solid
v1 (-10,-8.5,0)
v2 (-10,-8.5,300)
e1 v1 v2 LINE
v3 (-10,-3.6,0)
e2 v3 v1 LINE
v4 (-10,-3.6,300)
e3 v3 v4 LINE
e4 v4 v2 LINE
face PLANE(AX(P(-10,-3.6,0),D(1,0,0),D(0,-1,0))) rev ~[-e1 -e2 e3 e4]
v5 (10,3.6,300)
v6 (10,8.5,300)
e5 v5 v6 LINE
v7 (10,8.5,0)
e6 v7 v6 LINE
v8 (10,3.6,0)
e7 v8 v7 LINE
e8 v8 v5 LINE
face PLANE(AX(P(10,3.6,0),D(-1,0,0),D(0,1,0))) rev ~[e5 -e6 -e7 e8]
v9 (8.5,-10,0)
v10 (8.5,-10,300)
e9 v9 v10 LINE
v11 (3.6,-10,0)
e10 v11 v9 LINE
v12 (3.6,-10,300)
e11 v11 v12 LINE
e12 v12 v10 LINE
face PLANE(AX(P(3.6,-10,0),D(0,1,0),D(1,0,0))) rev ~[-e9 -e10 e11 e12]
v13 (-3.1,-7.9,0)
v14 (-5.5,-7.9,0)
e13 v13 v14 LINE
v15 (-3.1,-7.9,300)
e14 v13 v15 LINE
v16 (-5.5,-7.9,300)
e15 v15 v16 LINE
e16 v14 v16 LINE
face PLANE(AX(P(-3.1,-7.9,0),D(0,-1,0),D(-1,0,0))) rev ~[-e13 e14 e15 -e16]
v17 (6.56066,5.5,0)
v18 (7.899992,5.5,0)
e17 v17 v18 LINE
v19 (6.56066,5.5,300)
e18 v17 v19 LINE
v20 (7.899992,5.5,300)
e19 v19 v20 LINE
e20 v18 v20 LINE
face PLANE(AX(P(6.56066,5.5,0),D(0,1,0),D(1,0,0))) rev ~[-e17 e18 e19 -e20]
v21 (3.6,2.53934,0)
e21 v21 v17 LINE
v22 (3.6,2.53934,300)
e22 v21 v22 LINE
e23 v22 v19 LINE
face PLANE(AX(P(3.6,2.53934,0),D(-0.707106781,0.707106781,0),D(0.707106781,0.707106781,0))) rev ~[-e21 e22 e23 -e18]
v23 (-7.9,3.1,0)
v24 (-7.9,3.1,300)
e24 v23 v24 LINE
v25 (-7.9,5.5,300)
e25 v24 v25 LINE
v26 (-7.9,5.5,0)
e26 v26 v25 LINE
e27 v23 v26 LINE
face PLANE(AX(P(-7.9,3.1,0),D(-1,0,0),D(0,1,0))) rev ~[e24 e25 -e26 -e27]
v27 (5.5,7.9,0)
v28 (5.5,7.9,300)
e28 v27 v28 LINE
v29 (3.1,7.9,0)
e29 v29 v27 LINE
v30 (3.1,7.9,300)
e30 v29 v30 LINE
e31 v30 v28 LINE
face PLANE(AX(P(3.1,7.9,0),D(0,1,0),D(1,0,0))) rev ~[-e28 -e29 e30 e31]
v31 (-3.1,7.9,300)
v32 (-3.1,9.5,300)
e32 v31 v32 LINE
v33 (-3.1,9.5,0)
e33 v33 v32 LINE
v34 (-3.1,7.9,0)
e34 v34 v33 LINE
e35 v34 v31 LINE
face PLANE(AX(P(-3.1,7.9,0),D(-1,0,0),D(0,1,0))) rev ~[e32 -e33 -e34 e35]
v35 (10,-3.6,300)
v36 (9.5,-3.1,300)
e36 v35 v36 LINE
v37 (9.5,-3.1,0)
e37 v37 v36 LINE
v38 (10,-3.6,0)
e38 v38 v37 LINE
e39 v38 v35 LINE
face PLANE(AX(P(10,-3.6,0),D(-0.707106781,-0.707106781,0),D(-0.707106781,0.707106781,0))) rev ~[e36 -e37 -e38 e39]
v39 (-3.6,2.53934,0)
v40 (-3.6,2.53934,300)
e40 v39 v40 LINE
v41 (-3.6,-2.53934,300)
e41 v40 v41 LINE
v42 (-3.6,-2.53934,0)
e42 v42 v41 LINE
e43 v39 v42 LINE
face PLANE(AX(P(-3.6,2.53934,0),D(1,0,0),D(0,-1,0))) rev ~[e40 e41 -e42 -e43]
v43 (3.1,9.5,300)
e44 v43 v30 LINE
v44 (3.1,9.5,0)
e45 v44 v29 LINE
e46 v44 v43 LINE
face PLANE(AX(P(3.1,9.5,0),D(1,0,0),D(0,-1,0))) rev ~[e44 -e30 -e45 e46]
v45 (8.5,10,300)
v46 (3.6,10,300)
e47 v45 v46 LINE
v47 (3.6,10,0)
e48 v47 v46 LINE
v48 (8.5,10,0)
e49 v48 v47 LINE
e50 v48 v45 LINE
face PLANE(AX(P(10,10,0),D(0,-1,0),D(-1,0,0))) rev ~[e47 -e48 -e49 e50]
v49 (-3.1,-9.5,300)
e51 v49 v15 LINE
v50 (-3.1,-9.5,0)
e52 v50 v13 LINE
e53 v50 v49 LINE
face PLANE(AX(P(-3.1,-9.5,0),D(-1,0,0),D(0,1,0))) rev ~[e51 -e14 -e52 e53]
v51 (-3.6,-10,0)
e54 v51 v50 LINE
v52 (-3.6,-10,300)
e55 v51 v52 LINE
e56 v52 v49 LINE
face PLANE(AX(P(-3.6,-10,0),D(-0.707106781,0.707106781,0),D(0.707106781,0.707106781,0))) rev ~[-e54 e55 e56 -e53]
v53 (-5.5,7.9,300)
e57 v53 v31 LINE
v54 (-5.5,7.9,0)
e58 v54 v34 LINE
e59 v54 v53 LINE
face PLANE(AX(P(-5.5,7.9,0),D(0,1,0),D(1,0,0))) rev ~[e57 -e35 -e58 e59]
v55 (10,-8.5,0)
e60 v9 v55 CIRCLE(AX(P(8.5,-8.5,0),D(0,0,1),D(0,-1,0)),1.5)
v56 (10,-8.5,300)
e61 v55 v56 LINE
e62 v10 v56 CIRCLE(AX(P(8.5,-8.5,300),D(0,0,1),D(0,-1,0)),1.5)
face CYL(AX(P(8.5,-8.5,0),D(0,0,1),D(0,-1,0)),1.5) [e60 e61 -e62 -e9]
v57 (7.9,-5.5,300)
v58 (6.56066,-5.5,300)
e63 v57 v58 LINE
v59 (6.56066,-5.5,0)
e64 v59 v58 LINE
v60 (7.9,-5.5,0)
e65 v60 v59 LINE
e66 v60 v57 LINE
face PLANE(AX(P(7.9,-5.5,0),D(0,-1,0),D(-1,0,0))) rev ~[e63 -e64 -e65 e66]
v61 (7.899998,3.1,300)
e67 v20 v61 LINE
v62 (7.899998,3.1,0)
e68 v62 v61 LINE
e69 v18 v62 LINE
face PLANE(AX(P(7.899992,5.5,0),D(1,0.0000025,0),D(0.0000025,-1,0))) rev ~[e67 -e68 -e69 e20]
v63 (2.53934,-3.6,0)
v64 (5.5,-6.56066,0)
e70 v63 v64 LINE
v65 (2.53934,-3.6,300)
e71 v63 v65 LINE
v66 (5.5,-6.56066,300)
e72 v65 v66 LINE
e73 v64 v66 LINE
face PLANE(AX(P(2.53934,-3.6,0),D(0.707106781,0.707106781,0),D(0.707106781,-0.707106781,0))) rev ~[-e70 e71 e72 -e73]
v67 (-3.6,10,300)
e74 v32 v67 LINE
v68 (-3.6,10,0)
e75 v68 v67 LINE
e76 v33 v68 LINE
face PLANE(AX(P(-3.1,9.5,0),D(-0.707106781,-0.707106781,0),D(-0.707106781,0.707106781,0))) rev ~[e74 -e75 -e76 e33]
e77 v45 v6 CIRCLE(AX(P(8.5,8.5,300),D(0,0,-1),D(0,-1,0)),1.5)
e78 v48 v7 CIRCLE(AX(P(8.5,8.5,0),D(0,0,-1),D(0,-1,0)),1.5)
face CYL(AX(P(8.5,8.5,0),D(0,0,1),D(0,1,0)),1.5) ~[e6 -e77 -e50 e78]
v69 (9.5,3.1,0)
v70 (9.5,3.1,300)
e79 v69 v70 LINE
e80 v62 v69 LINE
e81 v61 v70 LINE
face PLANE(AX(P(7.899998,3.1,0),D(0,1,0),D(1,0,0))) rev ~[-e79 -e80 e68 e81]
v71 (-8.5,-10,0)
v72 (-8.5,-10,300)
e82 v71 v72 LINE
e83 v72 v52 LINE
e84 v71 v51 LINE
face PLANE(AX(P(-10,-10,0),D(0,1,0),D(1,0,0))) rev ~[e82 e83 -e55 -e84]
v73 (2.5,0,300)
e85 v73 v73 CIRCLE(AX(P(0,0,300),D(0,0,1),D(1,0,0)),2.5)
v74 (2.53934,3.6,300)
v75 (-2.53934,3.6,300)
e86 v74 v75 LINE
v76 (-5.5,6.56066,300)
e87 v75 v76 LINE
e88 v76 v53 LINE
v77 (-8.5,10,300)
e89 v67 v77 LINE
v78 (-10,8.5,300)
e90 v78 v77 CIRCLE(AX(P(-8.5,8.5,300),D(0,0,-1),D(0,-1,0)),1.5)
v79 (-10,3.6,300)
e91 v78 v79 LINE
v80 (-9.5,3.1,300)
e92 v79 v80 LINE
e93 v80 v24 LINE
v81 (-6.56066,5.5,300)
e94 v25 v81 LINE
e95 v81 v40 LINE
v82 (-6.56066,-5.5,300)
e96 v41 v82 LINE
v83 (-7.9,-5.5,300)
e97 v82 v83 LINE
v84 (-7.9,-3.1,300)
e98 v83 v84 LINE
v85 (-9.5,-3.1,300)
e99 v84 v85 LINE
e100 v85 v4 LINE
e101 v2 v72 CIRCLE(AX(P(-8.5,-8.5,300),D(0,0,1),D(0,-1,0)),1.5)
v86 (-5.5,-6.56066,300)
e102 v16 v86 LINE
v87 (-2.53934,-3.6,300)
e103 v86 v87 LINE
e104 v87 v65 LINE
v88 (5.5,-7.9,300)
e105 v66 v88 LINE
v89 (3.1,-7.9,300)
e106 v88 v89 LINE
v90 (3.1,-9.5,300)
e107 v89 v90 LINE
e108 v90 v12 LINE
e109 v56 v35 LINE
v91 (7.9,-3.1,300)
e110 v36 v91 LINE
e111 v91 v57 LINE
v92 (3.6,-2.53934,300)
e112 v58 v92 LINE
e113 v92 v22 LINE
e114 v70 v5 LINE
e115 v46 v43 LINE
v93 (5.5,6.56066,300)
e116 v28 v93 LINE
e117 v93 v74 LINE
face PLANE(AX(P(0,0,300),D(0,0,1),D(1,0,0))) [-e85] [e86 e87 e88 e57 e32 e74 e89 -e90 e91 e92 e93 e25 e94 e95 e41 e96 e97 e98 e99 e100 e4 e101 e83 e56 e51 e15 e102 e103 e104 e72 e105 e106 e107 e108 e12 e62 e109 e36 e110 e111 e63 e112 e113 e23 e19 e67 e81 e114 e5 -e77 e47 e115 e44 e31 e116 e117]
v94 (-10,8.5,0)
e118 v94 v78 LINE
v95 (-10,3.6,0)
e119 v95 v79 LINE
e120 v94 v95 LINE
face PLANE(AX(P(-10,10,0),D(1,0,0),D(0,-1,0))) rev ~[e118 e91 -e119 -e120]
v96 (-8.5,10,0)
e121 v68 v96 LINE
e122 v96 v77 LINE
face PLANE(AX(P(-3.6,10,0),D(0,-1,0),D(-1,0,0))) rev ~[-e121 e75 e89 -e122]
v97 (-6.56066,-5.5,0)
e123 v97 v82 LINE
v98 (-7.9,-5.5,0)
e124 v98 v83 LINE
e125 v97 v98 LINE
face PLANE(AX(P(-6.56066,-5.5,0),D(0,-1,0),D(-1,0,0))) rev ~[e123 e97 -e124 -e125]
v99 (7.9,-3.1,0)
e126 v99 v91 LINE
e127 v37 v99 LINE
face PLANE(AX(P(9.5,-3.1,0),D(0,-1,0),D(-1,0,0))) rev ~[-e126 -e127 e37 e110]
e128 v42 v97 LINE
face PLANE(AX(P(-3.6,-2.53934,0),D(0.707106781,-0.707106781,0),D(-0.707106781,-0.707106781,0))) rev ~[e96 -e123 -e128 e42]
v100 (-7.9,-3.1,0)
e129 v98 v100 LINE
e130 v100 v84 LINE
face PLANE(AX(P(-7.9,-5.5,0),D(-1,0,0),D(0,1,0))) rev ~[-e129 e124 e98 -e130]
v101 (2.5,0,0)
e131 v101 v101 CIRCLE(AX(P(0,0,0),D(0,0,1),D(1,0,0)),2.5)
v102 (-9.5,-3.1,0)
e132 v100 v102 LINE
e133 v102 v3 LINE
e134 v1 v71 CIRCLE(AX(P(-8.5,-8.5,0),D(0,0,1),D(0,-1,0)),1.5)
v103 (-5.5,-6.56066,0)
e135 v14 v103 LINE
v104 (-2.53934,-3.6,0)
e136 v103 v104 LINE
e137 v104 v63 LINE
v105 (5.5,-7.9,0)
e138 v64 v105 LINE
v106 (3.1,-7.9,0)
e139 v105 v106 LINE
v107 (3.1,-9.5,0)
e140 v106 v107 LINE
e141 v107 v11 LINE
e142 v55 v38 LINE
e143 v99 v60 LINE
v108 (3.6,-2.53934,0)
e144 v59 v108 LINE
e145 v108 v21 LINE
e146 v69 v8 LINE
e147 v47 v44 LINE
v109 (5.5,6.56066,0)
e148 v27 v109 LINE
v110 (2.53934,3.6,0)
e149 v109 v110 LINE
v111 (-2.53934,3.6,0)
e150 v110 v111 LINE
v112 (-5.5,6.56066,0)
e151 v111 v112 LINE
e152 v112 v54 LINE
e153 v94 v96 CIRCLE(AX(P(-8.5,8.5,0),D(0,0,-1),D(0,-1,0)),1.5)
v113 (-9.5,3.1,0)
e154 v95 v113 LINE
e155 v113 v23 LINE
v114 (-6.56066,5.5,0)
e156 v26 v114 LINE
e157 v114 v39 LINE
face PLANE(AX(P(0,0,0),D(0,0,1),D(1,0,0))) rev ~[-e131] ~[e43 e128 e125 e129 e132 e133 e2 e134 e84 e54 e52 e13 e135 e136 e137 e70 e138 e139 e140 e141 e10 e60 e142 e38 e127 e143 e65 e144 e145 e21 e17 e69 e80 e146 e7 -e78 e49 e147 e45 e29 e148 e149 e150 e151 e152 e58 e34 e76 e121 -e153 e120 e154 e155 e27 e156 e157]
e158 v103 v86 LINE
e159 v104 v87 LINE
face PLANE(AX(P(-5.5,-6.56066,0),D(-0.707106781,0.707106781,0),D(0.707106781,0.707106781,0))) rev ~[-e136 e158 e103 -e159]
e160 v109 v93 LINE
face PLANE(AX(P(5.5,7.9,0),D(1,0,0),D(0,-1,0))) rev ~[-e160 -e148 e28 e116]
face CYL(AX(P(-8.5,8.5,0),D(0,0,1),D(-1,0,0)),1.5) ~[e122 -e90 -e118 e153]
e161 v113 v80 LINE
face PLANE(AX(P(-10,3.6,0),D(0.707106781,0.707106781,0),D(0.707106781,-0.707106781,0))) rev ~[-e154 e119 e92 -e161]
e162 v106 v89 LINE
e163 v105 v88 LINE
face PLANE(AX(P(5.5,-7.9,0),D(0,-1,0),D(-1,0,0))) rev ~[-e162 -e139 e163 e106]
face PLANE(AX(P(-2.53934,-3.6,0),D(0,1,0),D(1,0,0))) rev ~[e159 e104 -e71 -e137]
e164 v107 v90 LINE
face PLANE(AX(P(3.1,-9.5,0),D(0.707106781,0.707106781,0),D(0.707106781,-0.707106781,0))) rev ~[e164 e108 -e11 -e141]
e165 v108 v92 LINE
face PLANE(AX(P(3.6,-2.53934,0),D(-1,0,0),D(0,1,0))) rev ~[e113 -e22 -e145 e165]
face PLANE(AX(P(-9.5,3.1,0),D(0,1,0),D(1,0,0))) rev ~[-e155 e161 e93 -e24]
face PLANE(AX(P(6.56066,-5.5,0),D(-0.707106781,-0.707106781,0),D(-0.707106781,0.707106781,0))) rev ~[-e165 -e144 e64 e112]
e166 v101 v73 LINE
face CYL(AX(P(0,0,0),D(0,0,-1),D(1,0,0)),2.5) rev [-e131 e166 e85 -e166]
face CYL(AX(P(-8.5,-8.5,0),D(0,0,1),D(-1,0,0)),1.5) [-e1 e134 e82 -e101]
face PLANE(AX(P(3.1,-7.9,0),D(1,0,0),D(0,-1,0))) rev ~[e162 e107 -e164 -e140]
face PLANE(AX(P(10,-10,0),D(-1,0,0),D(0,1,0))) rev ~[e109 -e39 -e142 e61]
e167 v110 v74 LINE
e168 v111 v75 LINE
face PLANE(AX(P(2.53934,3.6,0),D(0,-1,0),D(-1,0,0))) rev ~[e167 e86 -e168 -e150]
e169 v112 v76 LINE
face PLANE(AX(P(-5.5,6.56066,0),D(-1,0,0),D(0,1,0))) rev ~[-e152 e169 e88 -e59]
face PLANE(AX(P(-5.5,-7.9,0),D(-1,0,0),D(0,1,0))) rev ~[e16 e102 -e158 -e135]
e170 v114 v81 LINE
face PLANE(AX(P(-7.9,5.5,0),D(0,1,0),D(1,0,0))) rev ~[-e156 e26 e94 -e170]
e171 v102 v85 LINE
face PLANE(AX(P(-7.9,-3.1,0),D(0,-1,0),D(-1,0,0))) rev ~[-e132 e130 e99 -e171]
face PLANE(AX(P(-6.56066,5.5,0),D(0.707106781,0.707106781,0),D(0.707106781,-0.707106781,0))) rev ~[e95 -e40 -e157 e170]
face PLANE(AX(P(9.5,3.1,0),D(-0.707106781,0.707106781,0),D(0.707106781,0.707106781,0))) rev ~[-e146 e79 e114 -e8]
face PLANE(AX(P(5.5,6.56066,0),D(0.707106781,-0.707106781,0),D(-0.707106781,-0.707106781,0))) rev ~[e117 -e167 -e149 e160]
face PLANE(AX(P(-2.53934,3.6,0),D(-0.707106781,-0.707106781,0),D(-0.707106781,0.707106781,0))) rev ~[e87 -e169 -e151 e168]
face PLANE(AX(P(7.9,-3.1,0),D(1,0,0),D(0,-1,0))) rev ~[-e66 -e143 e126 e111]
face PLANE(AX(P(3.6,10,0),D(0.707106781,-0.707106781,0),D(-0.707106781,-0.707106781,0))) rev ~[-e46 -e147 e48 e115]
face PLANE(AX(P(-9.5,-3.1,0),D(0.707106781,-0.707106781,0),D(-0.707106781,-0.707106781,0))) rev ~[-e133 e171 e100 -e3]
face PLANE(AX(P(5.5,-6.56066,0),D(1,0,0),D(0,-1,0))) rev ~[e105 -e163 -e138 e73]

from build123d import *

# Parameters (mm, degrees)
SKETCH_R  = 2.5
PAD_DEPTH = 300
FILLET_R  = 1.5


with BuildPart() as part:
    # Sketch → Pad (new body)
    with BuildSketch(Plane.XY):
        Polygon((-3.6, 2.53934), (-3.6, -2.53934), (-6.56066, -5.5), (-7.9, -5.5), (-7.9, -3.1), (-9.5, -3.1), (-10, -3.6), (-10, -10), (-3.6, -10), (-3.1, -9.5), (-3.1, -7.9), (-5.5, -7.9), (-5.5, -6.56066), (-2.53934, -3.6), (2.53934, -3.6), (5.5, -6.56066), (5.5, -7.9), (3.1, -7.9), (3.1, -9.5), (3.6, -10), (10, -10), (10, -3.6), (9.5, -3.1), (7.9, -3.1), (7.9, -5.5), (6.56066, -5.5), (3.6, -2.53934), (3.6, 2.53934), (6.56066, 5.5), (7.899992, 5.5), (7.899998, 3.1), (9.5, 3.1), (10, 3.6), (10, 10), (3.6, 10), (3.1, 9.5), (3.1, 7.9), (5.5, 7.9), (5.5, 6.56066), (2.53934, 3.6), (-2.53934, 3.6), (-5.5, 6.56066), (-5.5, 7.9), (-3.1, 7.9), (-3.1, 9.5), (-3.6, 10), (-10, 10), (-10, 3.6), (-9.5, 3.1), (-7.9, 3.1), (-7.9, 5.5), (-6.56066, 5.5), align=None)
        Circle(SKETCH_R, mode=Mode.SUBTRACT)
    extrude(amount=PAD_DEPTH)

    # Fillet
    fillet_edges = [part.edges().sort_by_distance(p)[0] for p in [
        (-10, -10, 150),
        (10, -10, 150),
        (10, 10, 150),
        (-10, 10, 150),
    ]]
    fillet(fillet_edges, radius=FILLET_R)


solid = part.part
